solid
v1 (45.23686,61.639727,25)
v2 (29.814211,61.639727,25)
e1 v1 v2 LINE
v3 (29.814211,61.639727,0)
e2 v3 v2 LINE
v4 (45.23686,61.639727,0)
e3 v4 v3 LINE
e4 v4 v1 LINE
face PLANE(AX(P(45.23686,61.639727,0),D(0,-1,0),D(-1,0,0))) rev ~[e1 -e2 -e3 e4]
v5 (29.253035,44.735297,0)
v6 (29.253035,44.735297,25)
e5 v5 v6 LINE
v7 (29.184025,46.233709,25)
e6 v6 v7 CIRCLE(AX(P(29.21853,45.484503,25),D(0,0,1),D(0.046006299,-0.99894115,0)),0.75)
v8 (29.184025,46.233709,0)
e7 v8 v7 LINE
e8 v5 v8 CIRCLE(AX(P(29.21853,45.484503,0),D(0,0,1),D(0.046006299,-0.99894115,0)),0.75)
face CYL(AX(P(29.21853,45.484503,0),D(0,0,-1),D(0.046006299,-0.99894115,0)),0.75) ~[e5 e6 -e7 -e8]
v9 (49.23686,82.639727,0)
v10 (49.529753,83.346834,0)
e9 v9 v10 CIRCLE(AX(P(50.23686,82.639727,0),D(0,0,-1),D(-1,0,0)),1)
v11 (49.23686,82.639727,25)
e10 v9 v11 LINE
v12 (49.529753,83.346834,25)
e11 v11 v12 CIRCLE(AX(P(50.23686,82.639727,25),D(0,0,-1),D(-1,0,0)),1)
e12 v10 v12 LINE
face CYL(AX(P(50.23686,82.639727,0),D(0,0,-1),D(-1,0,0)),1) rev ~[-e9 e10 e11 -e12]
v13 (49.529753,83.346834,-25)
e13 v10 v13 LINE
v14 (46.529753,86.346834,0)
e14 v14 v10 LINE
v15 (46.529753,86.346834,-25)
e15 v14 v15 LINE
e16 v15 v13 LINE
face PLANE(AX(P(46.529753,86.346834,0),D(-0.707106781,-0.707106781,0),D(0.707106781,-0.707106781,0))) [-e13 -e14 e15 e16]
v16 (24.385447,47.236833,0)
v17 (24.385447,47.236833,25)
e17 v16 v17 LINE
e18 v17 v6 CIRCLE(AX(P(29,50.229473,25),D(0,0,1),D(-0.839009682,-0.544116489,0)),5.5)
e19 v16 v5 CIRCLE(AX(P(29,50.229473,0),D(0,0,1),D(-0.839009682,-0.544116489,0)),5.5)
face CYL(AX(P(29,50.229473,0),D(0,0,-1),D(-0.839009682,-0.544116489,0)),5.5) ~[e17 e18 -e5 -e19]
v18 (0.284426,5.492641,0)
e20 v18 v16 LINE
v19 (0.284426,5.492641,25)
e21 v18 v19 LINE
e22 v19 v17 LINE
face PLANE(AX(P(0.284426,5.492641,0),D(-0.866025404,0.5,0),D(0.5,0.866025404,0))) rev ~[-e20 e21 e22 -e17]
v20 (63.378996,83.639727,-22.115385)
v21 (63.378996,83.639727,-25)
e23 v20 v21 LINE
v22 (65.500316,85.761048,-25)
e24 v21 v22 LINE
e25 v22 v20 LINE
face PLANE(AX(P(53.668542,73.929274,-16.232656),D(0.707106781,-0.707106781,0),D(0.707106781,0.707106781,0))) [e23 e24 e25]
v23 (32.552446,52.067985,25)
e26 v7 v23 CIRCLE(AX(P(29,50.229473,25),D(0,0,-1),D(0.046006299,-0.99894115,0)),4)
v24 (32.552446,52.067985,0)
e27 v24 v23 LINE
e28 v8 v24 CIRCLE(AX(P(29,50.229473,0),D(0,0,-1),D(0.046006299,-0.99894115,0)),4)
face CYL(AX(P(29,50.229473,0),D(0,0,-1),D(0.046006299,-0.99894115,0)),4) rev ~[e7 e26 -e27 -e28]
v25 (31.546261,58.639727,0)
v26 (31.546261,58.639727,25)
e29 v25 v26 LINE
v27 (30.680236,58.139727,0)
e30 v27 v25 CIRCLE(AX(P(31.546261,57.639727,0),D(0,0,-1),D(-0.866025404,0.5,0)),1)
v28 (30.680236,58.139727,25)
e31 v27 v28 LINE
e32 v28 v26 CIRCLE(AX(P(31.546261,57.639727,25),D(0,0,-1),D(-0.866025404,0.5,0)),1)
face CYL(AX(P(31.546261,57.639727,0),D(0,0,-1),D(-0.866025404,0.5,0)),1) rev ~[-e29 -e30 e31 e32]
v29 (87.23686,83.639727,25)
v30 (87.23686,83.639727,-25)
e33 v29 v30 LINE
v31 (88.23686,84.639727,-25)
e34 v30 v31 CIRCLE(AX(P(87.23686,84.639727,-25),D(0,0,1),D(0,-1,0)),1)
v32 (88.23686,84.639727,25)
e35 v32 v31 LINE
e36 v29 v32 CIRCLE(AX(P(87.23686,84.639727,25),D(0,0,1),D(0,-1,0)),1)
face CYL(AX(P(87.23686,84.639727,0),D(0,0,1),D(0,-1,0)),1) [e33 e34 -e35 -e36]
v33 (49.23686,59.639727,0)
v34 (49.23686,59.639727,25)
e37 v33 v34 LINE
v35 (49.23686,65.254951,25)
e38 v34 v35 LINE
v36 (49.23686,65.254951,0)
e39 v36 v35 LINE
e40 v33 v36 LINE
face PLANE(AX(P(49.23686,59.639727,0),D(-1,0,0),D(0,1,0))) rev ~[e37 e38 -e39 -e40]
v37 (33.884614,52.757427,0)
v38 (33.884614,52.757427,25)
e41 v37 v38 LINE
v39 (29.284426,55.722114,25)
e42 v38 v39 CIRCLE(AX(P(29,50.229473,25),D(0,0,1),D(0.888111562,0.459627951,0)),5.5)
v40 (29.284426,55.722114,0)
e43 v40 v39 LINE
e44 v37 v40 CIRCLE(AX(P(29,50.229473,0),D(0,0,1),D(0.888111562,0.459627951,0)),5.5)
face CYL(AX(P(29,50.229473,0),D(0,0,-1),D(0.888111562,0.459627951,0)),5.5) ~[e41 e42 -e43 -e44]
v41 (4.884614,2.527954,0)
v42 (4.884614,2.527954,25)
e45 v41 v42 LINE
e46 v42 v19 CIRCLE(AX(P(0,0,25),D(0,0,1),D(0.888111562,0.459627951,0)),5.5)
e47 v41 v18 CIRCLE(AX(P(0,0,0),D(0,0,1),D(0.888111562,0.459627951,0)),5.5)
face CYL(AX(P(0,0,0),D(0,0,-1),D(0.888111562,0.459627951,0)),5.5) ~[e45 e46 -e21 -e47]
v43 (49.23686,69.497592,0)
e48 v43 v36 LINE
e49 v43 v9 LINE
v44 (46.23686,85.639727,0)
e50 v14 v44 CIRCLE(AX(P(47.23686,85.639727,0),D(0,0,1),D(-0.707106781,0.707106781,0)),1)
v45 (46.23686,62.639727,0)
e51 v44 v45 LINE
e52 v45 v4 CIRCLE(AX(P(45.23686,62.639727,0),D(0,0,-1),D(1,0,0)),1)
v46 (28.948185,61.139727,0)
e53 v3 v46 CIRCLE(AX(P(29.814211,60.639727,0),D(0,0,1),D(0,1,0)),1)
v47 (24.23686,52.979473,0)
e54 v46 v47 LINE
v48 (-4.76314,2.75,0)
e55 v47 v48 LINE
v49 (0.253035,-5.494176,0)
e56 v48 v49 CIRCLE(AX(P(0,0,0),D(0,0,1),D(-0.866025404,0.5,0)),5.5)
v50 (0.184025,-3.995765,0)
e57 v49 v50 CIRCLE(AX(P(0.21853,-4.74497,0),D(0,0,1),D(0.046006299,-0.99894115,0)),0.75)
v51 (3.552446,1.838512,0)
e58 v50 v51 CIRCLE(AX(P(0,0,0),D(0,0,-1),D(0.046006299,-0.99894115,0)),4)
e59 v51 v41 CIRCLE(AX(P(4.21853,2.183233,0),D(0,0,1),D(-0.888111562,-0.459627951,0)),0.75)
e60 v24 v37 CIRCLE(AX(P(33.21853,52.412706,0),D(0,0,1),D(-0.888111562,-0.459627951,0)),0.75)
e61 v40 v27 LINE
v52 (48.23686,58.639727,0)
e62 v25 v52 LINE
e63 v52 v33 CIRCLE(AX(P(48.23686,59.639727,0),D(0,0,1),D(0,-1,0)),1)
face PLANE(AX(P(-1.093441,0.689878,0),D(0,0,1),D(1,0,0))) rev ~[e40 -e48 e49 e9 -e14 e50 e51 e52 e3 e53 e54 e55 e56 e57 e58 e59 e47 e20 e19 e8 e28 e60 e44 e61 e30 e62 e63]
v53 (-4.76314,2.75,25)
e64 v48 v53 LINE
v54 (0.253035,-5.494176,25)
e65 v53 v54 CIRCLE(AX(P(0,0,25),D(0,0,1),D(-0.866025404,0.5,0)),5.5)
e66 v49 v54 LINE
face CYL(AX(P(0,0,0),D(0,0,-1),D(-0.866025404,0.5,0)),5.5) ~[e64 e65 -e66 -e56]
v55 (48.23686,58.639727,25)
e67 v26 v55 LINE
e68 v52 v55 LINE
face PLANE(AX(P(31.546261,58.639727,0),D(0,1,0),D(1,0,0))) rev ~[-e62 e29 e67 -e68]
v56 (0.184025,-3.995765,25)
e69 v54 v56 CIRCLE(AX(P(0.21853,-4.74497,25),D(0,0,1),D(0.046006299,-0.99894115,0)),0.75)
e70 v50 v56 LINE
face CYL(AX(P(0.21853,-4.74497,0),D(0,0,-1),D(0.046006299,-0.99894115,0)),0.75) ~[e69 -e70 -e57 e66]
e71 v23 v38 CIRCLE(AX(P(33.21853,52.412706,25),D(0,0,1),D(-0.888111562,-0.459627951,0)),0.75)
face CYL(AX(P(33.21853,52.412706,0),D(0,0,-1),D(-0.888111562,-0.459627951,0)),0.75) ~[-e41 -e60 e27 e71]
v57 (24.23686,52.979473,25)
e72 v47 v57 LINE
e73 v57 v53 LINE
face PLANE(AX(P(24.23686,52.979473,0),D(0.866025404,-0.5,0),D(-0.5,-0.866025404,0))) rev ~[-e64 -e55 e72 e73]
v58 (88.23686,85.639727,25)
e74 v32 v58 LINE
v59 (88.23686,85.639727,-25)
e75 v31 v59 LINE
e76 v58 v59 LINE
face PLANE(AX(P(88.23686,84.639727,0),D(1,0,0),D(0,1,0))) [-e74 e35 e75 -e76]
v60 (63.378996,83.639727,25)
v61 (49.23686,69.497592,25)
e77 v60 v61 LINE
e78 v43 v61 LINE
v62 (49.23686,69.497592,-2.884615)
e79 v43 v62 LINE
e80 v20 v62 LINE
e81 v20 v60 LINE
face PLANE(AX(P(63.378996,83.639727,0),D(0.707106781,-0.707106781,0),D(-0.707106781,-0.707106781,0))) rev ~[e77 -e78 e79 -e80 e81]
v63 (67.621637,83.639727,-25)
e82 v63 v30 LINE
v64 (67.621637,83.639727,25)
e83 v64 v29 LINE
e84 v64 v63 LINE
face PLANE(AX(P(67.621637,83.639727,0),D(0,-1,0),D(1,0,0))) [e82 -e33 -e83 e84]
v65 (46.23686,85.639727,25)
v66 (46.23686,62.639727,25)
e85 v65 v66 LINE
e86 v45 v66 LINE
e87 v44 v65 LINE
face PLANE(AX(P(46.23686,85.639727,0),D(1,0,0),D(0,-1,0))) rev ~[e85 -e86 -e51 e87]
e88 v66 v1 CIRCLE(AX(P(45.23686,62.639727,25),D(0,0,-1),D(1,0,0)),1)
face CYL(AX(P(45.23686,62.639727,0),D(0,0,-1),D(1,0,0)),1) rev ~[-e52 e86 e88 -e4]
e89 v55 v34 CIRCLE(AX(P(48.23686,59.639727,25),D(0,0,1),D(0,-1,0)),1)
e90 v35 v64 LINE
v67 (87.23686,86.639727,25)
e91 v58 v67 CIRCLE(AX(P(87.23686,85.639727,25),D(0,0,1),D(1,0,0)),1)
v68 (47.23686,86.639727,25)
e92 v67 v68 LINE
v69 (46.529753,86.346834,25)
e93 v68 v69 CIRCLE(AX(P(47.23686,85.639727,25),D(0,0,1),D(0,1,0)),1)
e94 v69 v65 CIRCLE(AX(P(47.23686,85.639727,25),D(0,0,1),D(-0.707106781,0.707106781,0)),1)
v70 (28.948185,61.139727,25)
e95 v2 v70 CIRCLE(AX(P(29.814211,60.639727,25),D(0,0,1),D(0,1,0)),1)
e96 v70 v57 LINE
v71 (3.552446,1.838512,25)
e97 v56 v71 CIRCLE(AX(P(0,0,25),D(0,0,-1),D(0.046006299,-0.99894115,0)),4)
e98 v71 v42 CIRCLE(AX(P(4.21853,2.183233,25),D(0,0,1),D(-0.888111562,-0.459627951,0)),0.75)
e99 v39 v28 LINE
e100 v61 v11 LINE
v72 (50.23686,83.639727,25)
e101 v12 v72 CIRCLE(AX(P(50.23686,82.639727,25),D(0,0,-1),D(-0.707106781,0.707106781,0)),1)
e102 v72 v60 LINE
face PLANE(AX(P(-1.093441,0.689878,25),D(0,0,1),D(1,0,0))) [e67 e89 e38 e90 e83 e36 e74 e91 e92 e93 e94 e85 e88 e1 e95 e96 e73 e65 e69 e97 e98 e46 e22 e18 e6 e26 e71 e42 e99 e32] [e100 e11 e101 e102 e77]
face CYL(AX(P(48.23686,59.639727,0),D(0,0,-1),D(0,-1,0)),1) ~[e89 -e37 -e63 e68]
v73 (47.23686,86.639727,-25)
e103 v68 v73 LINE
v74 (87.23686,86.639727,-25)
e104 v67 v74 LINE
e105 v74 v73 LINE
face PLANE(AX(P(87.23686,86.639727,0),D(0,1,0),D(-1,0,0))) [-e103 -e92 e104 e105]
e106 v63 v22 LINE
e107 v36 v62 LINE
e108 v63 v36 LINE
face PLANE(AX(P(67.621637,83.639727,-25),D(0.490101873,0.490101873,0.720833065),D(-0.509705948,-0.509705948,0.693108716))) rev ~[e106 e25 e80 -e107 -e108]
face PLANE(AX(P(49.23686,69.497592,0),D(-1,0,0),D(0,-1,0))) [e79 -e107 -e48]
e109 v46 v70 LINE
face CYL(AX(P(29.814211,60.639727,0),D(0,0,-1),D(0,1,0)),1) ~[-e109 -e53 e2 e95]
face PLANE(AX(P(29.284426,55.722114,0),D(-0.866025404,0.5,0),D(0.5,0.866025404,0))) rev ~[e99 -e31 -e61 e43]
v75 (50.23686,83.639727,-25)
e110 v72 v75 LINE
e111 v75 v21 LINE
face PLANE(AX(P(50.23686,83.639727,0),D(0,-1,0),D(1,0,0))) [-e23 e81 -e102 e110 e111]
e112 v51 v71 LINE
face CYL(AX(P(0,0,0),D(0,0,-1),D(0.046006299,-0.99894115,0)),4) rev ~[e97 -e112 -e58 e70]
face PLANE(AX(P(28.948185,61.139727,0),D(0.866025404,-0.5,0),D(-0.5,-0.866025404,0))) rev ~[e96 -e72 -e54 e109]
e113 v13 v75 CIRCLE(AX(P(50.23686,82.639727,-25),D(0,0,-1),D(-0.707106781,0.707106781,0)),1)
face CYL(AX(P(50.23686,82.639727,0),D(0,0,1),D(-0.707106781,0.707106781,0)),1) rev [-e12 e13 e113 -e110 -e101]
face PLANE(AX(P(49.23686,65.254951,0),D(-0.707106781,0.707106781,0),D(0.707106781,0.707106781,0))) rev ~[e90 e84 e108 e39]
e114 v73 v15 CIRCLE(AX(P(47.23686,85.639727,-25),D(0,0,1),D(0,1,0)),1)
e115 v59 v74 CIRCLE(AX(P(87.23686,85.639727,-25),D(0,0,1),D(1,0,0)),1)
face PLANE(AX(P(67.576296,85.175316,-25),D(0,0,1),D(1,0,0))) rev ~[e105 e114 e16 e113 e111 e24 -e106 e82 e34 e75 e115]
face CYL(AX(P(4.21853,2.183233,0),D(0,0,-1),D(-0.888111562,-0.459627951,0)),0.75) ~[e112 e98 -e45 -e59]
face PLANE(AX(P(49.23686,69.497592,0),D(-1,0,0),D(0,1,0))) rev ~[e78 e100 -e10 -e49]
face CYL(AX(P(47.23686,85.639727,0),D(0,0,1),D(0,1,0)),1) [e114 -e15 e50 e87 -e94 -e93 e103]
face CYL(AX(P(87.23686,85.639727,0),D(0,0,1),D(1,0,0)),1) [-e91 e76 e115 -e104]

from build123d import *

# Parameters (mm, degrees)
F1_DEPTH = 25
F2_DEPTH = 25
F4_DEPTH = 3


with BuildPart() as f1:
    # F0 (on Top) → F1 (new body)
    with BuildSketch(Plane.XY):
        with BuildLine():
            ThreePointArc((0.2530346427, -5.4941763231), (0.9677357809, -4.7104657369), (0.1840251947, -3.9957645986))
            ThreePointArc((0.1840251947, -3.9957645986), (-3.4641016151, 2), (3.5524462473, 1.8385118058))
            ThreePointArc((3.5524462473, 1.8385118058), (4.5632508823, 1.517149098), (4.88461359, 2.527953733))
            ThreePointArc((4.88461359, 2.527953733), (2.9794438001, 4.6230849702), (0.2844262333, 5.4926406871))
            ThreePointArc((0.2844262333, 5.4926406871), (-2.6258785407, 4.8326764727), (-4.7631397208, 2.75))
            ThreePointArc((-4.7631397208, 2.75), (-4.6986032782, -2.8588681736), (0.2530346427, -5.4941763231))
        make_face()
        with BuildLine():
            Line((24.2368602792, 52.9794734195), (-4.7631397208, 2.75))
            ThreePointArc((-4.7631397208, 2.75), (-2.6258785407, 4.8326764727), (0.2844262333, 5.4926406871))
            Line((0.2844262333, 5.4926406871), (24.3854467478, 47.2368327324))
            ThreePointArc((24.3854467478, 47.2368327324), (23.501840136, 50.0872127066), (24.2368602792, 52.9794734195))
        make_face()
        with BuildLine():
            ThreePointArc((29.2844262333, 55.7221141066), (26.3741214593, 55.0621498922), (24.2368602792, 52.9794734195))
            ThreePointArc((24.2368602792, 52.9794734195), (23.501840136, 50.0872127066), (24.3854467478, 47.2368327324))
            ThreePointArc((24.3854467478, 47.2368327324), (26.486012872, 45.3376569144), (29.2530346427, 44.7352970964))
            ThreePointArc((29.2530346427, 44.7352970964), (29.9677357809, 45.5190076826), (29.1840251947, 46.2337088209))
            ThreePointArc((29.1840251947, 46.2337088209), (25.5358983849, 52.2294734195), (32.5524462473, 52.0679852253))
            ThreePointArc((32.5524462473, 52.0679852253), (33.5632508823, 51.7466225175), (33.88461359, 52.7574271525))
            ThreePointArc((33.88461359, 52.7574271525), (31.9794438001, 54.8525583897), (29.2844262333, 55.7221141066))
        make_face()
        with BuildLine():
            Line((28.9481851446, 61.1397274573), (24.2368602792, 52.9794734195))
            ThreePointArc((24.2368602792, 52.9794734195), (26.3741214593, 55.0621498922), (29.2844262333, 55.7221141066))
            Line((29.2844262333, 55.7221141066), (30.6802359522, 58.1397274573))
            ThreePointArc((30.6802359522, 58.1397274573), (31.0462613559, 58.5057528611), (31.5462613559, 58.6397274573))
            Line((31.5462613559, 58.6397274573), (48.2368602792, 58.6397274573))
            ThreePointArc((48.2368602792, 58.6397274573), (48.9439670604, 58.9326206762), (49.2368602792, 59.6397274573))
            Line((49.2368602792, 59.6397274573), (49.2368602792, 61.6397274573))
            Line((49.2368602792, 61.6397274573), (49.2368602792, 65.2549511465))
            Line((49.2368602792, 65.2549511465), (49.2368602792, 69.4975918336))
            Line((49.2368602792, 69.4975918336), (49.2368602792, 82.6397274573))
            ThreePointArc((49.2368602792, 82.6397274573), (49.3129807467, 83.0224108897), (49.529753498, 83.3468342385))
            Line((49.529753498, 83.3468342385), (46.529753498, 86.3468342385))
            ThreePointArc((46.529753498, 86.3468342385), (46.3129807467, 86.0224108897), (46.2368602792, 85.6397274573))
            Line((46.2368602792, 85.6397274573), (46.2368602792, 62.6397274573))
            ThreePointArc((46.2368602792, 62.6397274573), (45.9439670604, 61.9326206762), (45.2368602792, 61.6397274573))
            Line((45.2368602792, 61.6397274573), (29.8142105484, 61.6397274573))
            ThreePointArc((29.8142105484, 61.6397274573), (29.3142105484, 61.5057528611), (28.9481851446, 61.1397274573))
        make_face()
        Polygon((49.2368602792, 69.4975918336), (49.2368602792, 65.2549511465), (67.62163659, 83.6397274573), (63.3789959029, 83.6397274573), align=None)
        with BuildLine():
            ThreePointArc((47.2368602792, 86.6397274573), (46.8541768468, 86.5636069899), (46.529753498, 86.3468342385))
            Line((46.529753498, 86.3468342385), (49.529753498, 83.3468342385))
            ThreePointArc((49.529753498, 83.3468342385), (49.8541768468, 83.5636069899), (50.2368602792, 83.6397274573))
            Line((50.2368602792, 83.6397274573), (63.3789959029, 83.6397274573))
            Line((63.3789959029, 83.6397274573), (67.62163659, 83.6397274573))
            Line((67.62163659, 83.6397274573), (87.2368602792, 83.6397274573))
            ThreePointArc((87.2368602792, 83.6397274573), (87.9439670604, 83.9326206762), (88.2368602792, 84.6397274573))
            Line((88.2368602792, 84.6397274573), (88.2368602792, 85.6397274573))
            ThreePointArc((88.2368602792, 85.6397274573), (87.9439670604, 86.3468342385), (87.2368602792, 86.6397274573))
            Line((87.2368602792, 86.6397274573), (47.2368602792, 86.6397274573))
        make_face()
    extrude(amount=F1_DEPTH)

    # F0 (on Top) → F2 (join)
    with BuildSketch(Plane.XY):
        with BuildLine():
            ThreePointArc((47.2368602792, 86.6397274573), (46.8541768468, 86.5636069899), (46.529753498, 86.3468342385))
            Line((46.529753498, 86.3468342385), (49.529753498, 83.3468342385))
            ThreePointArc((49.529753498, 83.3468342385), (49.8541768468, 83.5636069899), (50.2368602792, 83.6397274573))
            Line((50.2368602792, 83.6397274573), (63.3789959029, 83.6397274573))
            Line((63.3789959029, 83.6397274573), (67.62163659, 83.6397274573))
            Line((67.62163659, 83.6397274573), (87.2368602792, 83.6397274573))
            ThreePointArc((87.2368602792, 83.6397274573), (87.9439670604, 83.9326206762), (88.2368602792, 84.6397274573))
            Line((88.2368602792, 84.6397274573), (88.2368602792, 85.6397274573))
            ThreePointArc((88.2368602792, 85.6397274573), (87.9439670604, 86.3468342385), (87.2368602792, 86.6397274573))
            Line((87.2368602792, 86.6397274573), (47.2368602792, 86.6397274573))
        make_face()
        Polygon((49.2368602792, 69.4975918336), (49.2368602792, 65.2549511465), (67.62163659, 83.6397274573), (63.3789959029, 83.6397274573), align=None)
    extrude(amount=-F2_DEPTH)

    # F3 (on face) → F4 (cut, through all)
    with BuildSketch(Plane(origin=(-8.0090454337, 8.0090454337, 0), x_dir=(0.7071067812, 0.7071067812, 0), z_dir=(0.7071067812, -0.7071067812, 0))):
        Polygon((106.9579362494, -25), (80.9579362494, 0), (80.9579362494, -25), align=None)
    extrude(amount=-F4_DEPTH, mode=Mode.SUBTRACT)


solid = f1.part
